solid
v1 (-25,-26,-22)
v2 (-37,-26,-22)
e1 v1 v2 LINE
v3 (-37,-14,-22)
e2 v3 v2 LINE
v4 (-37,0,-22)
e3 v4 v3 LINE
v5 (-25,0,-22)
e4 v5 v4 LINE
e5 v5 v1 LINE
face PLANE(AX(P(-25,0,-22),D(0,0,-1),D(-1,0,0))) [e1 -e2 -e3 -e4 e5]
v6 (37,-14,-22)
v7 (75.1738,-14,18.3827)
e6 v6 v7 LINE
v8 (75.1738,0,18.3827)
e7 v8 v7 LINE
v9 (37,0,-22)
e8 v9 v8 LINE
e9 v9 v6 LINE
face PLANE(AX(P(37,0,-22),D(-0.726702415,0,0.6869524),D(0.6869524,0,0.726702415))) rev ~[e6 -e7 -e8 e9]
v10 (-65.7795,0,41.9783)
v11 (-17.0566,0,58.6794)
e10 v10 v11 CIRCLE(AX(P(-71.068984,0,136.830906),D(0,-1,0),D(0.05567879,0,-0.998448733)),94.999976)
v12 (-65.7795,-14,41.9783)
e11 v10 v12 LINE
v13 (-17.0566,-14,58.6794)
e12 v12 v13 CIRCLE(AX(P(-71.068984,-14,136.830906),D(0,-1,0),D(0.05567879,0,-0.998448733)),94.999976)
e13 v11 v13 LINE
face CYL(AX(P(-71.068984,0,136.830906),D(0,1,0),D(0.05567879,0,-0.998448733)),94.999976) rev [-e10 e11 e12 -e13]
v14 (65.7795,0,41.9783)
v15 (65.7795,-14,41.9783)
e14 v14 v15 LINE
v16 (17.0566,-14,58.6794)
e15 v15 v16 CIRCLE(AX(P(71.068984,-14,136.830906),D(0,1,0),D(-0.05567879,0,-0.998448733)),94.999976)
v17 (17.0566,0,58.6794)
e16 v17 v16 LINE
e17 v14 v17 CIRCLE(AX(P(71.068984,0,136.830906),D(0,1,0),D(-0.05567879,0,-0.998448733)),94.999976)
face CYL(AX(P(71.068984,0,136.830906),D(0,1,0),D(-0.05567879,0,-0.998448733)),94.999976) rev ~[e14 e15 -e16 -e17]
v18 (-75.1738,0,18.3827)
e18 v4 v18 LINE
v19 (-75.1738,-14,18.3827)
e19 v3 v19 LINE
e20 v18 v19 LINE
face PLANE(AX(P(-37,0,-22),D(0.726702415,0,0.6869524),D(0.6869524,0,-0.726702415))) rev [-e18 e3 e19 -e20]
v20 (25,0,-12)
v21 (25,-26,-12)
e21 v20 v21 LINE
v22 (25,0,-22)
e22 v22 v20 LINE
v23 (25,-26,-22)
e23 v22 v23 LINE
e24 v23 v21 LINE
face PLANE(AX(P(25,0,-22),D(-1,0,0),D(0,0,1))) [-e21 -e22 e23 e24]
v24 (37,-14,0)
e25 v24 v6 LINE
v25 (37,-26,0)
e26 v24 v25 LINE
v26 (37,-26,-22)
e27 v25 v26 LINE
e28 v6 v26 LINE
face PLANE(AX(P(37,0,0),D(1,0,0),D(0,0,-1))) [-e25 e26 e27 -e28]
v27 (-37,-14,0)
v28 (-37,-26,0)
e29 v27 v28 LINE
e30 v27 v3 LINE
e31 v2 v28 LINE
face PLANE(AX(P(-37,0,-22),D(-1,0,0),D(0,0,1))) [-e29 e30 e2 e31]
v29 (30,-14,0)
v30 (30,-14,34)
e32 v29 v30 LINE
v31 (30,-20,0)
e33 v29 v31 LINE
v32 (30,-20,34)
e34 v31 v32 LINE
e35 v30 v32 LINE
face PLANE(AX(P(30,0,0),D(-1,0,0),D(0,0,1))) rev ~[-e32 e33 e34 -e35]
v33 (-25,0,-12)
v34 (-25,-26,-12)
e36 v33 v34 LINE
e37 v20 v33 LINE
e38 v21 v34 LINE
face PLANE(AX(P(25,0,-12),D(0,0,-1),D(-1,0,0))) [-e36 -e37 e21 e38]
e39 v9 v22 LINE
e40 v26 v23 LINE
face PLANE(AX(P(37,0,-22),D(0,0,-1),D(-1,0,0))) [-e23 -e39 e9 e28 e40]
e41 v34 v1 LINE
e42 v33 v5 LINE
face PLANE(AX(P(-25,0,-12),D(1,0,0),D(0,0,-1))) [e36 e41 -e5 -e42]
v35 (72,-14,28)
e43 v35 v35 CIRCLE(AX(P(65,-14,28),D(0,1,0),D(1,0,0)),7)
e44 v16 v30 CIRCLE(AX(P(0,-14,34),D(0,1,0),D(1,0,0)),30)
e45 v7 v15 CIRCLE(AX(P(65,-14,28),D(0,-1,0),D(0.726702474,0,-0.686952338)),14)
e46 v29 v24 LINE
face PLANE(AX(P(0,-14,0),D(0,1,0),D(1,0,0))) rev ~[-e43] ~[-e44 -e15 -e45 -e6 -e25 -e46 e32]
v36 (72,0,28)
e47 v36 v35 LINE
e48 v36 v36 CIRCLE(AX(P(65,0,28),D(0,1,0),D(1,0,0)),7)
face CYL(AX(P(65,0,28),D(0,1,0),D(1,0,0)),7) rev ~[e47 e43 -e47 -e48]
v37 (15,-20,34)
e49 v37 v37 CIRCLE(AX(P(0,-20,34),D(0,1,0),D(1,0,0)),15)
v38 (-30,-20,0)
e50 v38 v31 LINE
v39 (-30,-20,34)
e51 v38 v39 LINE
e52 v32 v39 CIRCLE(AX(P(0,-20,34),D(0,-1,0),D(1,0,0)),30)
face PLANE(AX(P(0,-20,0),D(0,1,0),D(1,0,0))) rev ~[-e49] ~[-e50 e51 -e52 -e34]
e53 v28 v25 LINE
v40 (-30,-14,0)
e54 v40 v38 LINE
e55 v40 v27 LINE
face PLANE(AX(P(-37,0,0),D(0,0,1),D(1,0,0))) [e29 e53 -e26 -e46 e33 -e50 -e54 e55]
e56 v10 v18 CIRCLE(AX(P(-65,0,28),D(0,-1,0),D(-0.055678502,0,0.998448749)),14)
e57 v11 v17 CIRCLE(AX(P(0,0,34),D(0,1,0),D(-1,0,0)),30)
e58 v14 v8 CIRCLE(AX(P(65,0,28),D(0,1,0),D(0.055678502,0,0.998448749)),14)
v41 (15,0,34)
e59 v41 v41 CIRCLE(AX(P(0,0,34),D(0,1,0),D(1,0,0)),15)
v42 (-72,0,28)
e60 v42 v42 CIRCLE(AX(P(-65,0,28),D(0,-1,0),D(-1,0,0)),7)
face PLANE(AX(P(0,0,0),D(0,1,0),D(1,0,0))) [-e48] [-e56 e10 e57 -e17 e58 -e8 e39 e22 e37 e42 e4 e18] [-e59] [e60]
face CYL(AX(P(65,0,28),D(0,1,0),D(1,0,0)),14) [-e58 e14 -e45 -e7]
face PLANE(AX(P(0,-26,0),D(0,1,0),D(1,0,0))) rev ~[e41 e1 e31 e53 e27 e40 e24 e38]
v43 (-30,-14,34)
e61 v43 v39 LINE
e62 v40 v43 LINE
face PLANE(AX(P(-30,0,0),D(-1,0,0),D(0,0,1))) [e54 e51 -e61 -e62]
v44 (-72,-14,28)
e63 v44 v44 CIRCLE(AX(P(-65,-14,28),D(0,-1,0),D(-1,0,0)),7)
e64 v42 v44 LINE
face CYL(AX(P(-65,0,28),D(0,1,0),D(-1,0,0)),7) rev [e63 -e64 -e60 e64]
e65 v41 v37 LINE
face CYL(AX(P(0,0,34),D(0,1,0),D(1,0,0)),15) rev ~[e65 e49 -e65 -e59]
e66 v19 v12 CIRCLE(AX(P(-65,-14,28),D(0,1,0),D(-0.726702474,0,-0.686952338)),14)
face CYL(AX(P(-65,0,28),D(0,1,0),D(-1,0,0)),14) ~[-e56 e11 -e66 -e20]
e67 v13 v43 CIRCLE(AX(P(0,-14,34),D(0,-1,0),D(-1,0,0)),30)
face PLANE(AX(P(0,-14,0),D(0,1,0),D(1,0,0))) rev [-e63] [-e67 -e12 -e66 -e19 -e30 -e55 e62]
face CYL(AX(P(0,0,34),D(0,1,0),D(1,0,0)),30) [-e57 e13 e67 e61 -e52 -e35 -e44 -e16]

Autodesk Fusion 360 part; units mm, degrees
sketch "Sketch1" plane through (0, 0, 0) normal (0, 1, 0) x (1, 0, 0)
  line L0 (-37, 0) -> (37, 0)
  line L1 (37, 0) -> (37, 22)
  line L2 (37, 22) -> (25, 22)
  line L3 (25, 22) -> (25, 12)
  line L4 (25, 12) -> (-25, 12)
  line L5 (-25, 12) -> (-25, 22)
  line L6 (-25, 22) -> (-37, 22)
  line L7 (-37, 22) -> (-37, 0)
  circle A0 centre (0, -34) radius 15
  circle A1 centre (0, -34) radius 30
  line L8 (-30, 0) -> (-30, -34)
  line L9 (30, 0) -> (30, -34)
  circle A2 centre (65, -28) radius 7
  circle A3 centre (65, -28) radius 14
  line L10 (37, 22) -> (75.1738, -18.3827)
  arc A4 (65.7795, -41.9783) -> (17.0566, -58.6794) centre (71.069, -136.8309) ccw
  dimension "d1" = 25
  dimension "d2" = 25
  dimension "d3" = 37
  dimension "d4" = 37
  dimension "d5" = 22
  dimension "d6" = 22
  dimension "d7" = 12
  dimension "d8" = 12
  dimension "d9" = 30
  dimension "d10" = 34
  dimension "d11" = 37
  dimension "d12" = 60
  dimension "d13" = 14
  dimension "d14" = 28
  dimension "d15" = 65
  dimension "d16" = 28
  dimension "d17" = 190
extrude "Extrude1" add sketch "Sketch1" against normal blind 26 contours L0 L1 L2 L3 L4 L5 L6 L7
extrude "Extrude2" add sketch "Sketch1" against normal blind 20 contours L0 A1 L8 L9 | A1
extrude "Extrude3" add sketch "Sketch1" against normal blind 14 contours L0 L1 A1 L9 A3 L10 A4 | A3
mirror "Mirror1" about plane through (0, 0, 0) normal (1, 0, 0) of "Extrude3"
equation "d1 = ( 50 / 2 ) * 1 mm"
equation "d2 = d1"
equation "d3 = d1 + 12 mm"
equation "d4 = d3"
equation "d7 = d6 - 10 mm"
equation "d8 = d7"
equation "d11 = d3"
equation "d14 = ( 14 * 2 ) * 1 mm"
equation "d15 = ( 130 / 2 ) * 1 mm"
equation "d16 = 50 mm - 22 mm"
equation "d17 = ( 95 * 2 ) * 1 mm"
